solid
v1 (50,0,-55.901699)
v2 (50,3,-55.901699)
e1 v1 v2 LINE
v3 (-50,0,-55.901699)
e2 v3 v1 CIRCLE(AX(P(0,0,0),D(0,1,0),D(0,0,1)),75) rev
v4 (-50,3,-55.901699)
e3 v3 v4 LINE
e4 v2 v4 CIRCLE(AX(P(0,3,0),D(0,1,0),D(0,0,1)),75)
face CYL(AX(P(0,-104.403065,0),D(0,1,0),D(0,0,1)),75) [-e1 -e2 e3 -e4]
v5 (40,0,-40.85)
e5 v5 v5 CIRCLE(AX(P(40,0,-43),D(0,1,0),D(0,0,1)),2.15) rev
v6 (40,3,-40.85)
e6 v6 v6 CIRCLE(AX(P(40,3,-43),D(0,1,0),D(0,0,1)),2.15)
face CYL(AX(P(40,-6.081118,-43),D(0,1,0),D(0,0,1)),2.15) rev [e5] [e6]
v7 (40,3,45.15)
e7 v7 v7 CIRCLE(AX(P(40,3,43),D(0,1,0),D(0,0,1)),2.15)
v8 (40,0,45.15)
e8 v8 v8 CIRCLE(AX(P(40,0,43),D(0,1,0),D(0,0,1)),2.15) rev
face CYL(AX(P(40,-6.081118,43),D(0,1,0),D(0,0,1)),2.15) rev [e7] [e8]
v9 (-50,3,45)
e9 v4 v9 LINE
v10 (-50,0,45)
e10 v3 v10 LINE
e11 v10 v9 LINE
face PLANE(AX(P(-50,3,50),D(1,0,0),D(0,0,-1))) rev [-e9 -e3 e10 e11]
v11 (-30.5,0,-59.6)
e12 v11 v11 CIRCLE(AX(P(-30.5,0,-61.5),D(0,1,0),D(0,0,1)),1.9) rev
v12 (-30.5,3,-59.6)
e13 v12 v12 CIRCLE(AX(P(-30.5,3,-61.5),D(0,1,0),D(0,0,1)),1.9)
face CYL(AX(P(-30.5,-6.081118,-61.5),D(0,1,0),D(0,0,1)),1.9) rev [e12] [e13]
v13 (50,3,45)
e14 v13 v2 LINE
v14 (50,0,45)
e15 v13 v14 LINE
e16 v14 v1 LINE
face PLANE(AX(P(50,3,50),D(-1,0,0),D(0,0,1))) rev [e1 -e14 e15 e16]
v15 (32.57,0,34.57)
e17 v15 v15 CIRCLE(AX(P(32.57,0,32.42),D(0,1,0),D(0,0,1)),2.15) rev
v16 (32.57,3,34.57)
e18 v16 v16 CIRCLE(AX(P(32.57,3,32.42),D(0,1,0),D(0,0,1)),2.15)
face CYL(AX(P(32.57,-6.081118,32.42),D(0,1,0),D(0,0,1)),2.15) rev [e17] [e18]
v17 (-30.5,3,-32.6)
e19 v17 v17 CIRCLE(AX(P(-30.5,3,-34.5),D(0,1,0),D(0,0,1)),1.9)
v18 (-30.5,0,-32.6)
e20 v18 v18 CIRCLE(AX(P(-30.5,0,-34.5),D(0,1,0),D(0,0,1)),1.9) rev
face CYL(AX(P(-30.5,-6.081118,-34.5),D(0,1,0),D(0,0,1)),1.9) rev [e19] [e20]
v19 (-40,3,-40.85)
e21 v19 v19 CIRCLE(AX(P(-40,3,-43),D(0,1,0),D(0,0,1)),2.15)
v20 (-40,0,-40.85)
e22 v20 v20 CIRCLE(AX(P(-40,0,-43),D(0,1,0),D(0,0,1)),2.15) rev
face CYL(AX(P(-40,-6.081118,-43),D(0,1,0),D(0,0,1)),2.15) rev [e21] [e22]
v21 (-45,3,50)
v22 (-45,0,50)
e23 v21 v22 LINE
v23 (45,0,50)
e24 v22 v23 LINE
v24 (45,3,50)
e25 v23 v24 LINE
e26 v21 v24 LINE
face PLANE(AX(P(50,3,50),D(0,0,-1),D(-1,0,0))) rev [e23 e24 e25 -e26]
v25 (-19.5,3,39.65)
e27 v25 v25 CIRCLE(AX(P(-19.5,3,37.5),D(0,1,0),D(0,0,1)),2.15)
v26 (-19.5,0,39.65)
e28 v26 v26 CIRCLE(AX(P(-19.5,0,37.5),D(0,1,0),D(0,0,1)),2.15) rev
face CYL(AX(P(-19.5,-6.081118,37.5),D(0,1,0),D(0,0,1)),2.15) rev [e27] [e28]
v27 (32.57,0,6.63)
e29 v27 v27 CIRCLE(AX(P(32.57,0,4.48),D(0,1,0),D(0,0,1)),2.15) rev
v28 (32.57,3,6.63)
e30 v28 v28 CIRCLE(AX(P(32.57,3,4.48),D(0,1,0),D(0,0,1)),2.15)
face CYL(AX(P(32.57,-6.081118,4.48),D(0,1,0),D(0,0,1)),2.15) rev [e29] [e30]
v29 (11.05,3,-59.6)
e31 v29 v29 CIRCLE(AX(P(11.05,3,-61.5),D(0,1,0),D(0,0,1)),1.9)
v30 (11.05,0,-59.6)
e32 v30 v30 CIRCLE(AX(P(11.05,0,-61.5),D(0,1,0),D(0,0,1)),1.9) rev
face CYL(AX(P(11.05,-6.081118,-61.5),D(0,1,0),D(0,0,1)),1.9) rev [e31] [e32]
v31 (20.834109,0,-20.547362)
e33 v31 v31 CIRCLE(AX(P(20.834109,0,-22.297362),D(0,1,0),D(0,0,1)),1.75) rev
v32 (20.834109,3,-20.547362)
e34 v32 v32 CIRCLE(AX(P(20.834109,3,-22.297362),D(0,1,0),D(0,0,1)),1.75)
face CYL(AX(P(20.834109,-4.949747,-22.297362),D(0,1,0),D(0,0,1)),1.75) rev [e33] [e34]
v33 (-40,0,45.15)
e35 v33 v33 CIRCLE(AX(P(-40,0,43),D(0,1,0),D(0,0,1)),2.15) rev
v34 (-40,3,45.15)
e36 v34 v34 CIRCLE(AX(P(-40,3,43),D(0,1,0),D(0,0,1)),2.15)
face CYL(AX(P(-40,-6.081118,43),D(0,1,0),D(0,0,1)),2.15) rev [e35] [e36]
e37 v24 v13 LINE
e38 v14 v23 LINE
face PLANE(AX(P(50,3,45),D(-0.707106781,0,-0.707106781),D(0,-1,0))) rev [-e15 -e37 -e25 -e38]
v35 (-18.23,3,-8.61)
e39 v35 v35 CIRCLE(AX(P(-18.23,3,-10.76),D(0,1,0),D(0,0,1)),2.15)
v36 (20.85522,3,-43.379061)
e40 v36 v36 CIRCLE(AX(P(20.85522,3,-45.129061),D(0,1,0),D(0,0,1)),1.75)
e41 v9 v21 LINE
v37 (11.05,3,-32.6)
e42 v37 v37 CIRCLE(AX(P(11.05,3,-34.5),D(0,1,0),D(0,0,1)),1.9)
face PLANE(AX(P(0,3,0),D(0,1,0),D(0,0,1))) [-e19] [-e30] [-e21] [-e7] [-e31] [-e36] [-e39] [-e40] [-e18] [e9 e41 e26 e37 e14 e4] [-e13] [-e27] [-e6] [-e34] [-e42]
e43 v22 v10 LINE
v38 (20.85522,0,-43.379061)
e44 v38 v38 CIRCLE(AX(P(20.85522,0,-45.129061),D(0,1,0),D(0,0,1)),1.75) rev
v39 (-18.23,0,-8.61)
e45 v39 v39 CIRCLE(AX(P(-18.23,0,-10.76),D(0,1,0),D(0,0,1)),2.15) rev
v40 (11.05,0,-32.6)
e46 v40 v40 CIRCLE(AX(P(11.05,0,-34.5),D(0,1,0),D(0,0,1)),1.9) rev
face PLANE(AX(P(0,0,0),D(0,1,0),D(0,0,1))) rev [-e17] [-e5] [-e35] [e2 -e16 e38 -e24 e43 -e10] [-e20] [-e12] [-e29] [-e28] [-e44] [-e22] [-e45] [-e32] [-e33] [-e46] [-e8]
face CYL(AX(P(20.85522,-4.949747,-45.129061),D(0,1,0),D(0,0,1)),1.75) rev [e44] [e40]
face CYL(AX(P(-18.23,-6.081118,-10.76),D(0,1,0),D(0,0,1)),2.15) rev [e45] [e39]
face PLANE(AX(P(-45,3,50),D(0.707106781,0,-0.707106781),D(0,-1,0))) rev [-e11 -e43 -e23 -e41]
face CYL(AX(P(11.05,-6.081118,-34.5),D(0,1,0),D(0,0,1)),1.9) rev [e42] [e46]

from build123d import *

# Parameters (mm, degrees)
SKETCH1_W               = 100
SKETCH1_H               = 100
BOSS_EXTRUDE1_DEPTH     = 3
SKETCH2_R               = 1.75
CUT_EXTRUDE1_DEPTH      = 71.774289117
MIRROR2_COPY_1_SKETCH_R = 1.75
MIRROR2_COPY_1_DEPTH    = 71.774289117
CHAMFER1_SIZE           = 5
SKETCH9_R               = 1.75
BOSS_EXTRUDE2_DEPTH     = 3
CUT_EXTRUDE4_REACH      = 92.189
SKETCH6_R               = 1.75
SKETCH10_R              = 2.15
SKETCH10_R_2            = 1.75
SKETCH10_R_3            = 1.9
SKETCH10_R_4            = 1.5
CUT_EXTRUDE5_DEPTH      = 3
SKETCH13_R              = 1.75
CUT_EXTRUDE6_DEPTH      = 3


with BuildPart() as part:
    # Sketch1 → Boss-Extrude1 (new body)
    with BuildSketch(Plane(origin=(0, 0, 0), x_dir=(1, 0, 0), z_dir=(0, 1, 0))):
        Rectangle(SKETCH1_W, SKETCH1_H)
    extrude(amount=BOSS_EXTRUDE1_DEPTH)

    # Sketch2 → Cut-Extrude1 (cut, through all)
    with BuildSketch(Plane(origin=(0, 3, 0), x_dir=(1, 0, 0), z_dir=(0, 1, 0))):
        with Locations(Location((-40, 43, 0), (0, 0, 270))):
            Circle(SKETCH2_R)
    cut_extrude1 = extrude(amount=-CUT_EXTRUDE1_DEPTH, mode=Mode.SUBTRACT)

    # Mirror1: Cut-Extrude1 across plane
    add(cut_extrude1.mirror(Plane(origin=(0, 0, 0), x_dir=(0, 0, 1), z_dir=(1, 0, 0))), mode=Mode.SUBTRACT)

    # Mirror2: Cut-Extrude1 across plane
    add(cut_extrude1.mirror(Plane.XY), mode=Mode.SUBTRACT)

    # Mirror2 copy 1 sketch → Mirror2 copy 1 (cut, through all)
    with BuildSketch(Plane(origin=(0, 3, 0), x_dir=(-1, 0, 0), z_dir=(0, 1, 0))):
        with Locations(Location((-40, 43, 0), (0, 0, 270))):
            Circle(MIRROR2_COPY_1_SKETCH_R)
    extrude(amount=-MIRROR2_COPY_1_DEPTH, mode=Mode.SUBTRACT)

    # Chamfer1
    chamfer1_edges = [part.edges().sort_by_distance(p)[0] for p in [
        (-50, 1.5, -50),
        (50, 1.5, -50),
        (50, 1.5, 50),
        (-50, 1.5, 50),
    ]]
    chamfer(chamfer1_edges, length=CHAMFER1_SIZE)

    # Sketch9 → Boss-Extrude2 (add)
    with BuildSketch(Plane(origin=(0, 3, 0), x_dir=(1, 0, 0), z_dir=(0, 1, 0))):
        with BuildLine():
            Line((45, 50), (50, 45))
            Line((50, 45), (50, 55.901699437))
            ThreePointArc((50, 55.901699437), (0, 75), (-50, 55.901699437))
            Line((-50, 55.901699437), (-50, 45))
            Line((-50, 45), (-45, 50))
            Line((-45, 50), (45, 50))
        make_face()
        with Locations(Location((-30.5, 61.5, 0), (0, 0, 270))):
            Circle(SKETCH9_R, mode=Mode.SUBTRACT)
    extrude(amount=-BOSS_EXTRUDE2_DEPTH)

    # Sketch6 → Cut-Extrude4 (cut, up to next)
    with BuildSketch(Plane(origin=(0, 3, 0), x_dir=(1, 0, 0), z_dir=(0, 1, 0)), mode=Mode.PRIVATE) as cut_extrude4_sk1:
        with Locations(Location((-18.23, 10.76, 0), (0, 0, 270))):
            Circle(SKETCH6_R)
    cut_extrude4_tool1 = extrude(cut_extrude4_sk1.sketch, amount=-CUT_EXTRUDE4_REACH, mode=Mode.PRIVATE) & part.part
    # Sketch6 → Cut-Extrude4 (cut, up to next)
    with BuildSketch(Plane(origin=(0, 3, 0), x_dir=(1, 0, 0), z_dir=(0, 1, 0)), mode=Mode.PRIVATE) as cut_extrude4_sk2:
        with Locations(Location((-19.5, -37.5, 0), (0, 0, 270))):
            Circle(SKETCH6_R)
    cut_extrude4_tool2 = extrude(cut_extrude4_sk2.sketch, amount=-CUT_EXTRUDE4_REACH, mode=Mode.PRIVATE) & part.part
    # Sketch6 → Cut-Extrude4 (cut, up to next)
    with BuildSketch(Plane(origin=(0, 3, 0), x_dir=(1, 0, 0), z_dir=(0, 1, 0)), mode=Mode.PRIVATE) as cut_extrude4_sk3:
        with Locations(Location((32.57, -32.42, 0), (0, 0, 270))):
            Circle(SKETCH6_R)
    cut_extrude4_tool3 = extrude(cut_extrude4_sk3.sketch, amount=-CUT_EXTRUDE4_REACH, mode=Mode.PRIVATE) & part.part
    # Sketch6 → Cut-Extrude4 (cut, up to next)
    with BuildSketch(Plane(origin=(0, 3, 0), x_dir=(1, 0, 0), z_dir=(0, 1, 0)), mode=Mode.PRIVATE) as cut_extrude4_sk4:
        with Locations(Location((32.57, -4.48, 0), (0, 0, 270))):
            Circle(SKETCH6_R)
    cut_extrude4_tool4 = extrude(cut_extrude4_sk4.sketch, amount=-CUT_EXTRUDE4_REACH, mode=Mode.PRIVATE) & part.part
    add(cut_extrude4_tool1.solids().sort_by_distance((-18.23, 3, -10.76))[0], mode=Mode.SUBTRACT)
    add(cut_extrude4_tool2.solids().sort_by_distance((-19.5, 3, 37.5))[0], mode=Mode.SUBTRACT)
    add(cut_extrude4_tool3.solids().sort_by_distance((32.57, 3, 32.42))[0], mode=Mode.SUBTRACT)
    add(cut_extrude4_tool4.solids().sort_by_distance((32.57, 3, 4.48))[0], mode=Mode.SUBTRACT)

    # Sketch10 → Cut-Extrude5 (cut)
    # profile 1 of 26: a face of its own
    with BuildSketch(Plane(origin=(0, 3, 0), x_dir=(1, 0, 0), z_dir=(0, 1, 0))):
        with Locations(Location((-40, 43, 0), (0, 0, 270))):
            Circle(SKETCH10_R)
        with Locations((-40, 43)):
            Circle(SKETCH10_R_2, mode=Mode.SUBTRACT)
    # profile 2 of 26: a face of its own
    with BuildSketch(Plane(origin=(0, 3, 0), x_dir=(1, 0, 0), z_dir=(0, 1, 0))):
        with Locations((-40, 43)):
            Circle(SKETCH10_R_2)
    # profile 3 of 26: a face of its own
    with BuildSketch(Plane(origin=(0, 3, 0), x_dir=(1, 0, 0), z_dir=(0, 1, 0))):
        with Locations(Location((-30.5, 61.5, 0), (0, 0, 270))):
            Circle(SKETCH10_R_3)
        with Locations((-30.5, 61.5)):
            Circle(SKETCH10_R_2, mode=Mode.SUBTRACT)
    # profile 4 of 26: a face of its own
    with BuildSketch(Plane(origin=(0, 3, 0), x_dir=(1, 0, 0), z_dir=(0, 1, 0))):
        with Locations((-30.5, 61.5)):
            Circle(SKETCH10_R_2)
        with Locations((-30.5, 61.5)):
            Circle(SKETCH10_R_4, mode=Mode.SUBTRACT)
    # profile 5 of 26: a face of its own
    with BuildSketch(Plane(origin=(0, 3, 0), x_dir=(1, 0, 0), z_dir=(0, 1, 0))):
        with Locations((-30.5, 61.5)):
            Circle(SKETCH10_R_4)
    # profile 6 of 26: a face of its own
    with BuildSketch(Plane(origin=(0, 3, 0), x_dir=(1, 0, 0), z_dir=(0, 1, 0))):
        with Locations(Location((-30.5, 34.5, 0), (0, 0, 270))):
            Circle(SKETCH10_R_3)
        with Locations((-30.5, 34.5)):
            Circle(SKETCH10_R_4, mode=Mode.SUBTRACT)
    # profile 7 of 26: a face of its own
    with BuildSketch(Plane(origin=(0, 3, 0), x_dir=(1, 0, 0), z_dir=(0, 1, 0))):
        with Locations((-30.5, 34.5)):
            Circle(SKETCH10_R_4)
    # profile 8 of 26: a face of its own
    with BuildSketch(Plane(origin=(0, 3, 0), x_dir=(1, 0, 0), z_dir=(0, 1, 0))):
        with Locations(Location((-18.23, 10.76, 0), (0, 0, 270))):
            Circle(SKETCH10_R)
        with Locations((-18.23, 10.76)):
            Circle(SKETCH10_R_2, mode=Mode.SUBTRACT)
    # profile 9 of 26: a face of its own
    with BuildSketch(Plane(origin=(0, 3, 0), x_dir=(1, 0, 0), z_dir=(0, 1, 0))):
        with Locations((-18.23, 10.76)):
            Circle(SKETCH10_R_2)
    # profile 10 of 26: a face of its own
    with BuildSketch(Plane(origin=(0, 3, 0), x_dir=(1, 0, 0), z_dir=(0, 1, 0))):
        with Locations(Location((-19.5, -37.5, 0), (0, 0, 270))):
            Circle(SKETCH10_R)
        with Locations((-19.5, -37.5)):
            Circle(SKETCH10_R_2, mode=Mode.SUBTRACT)
    # profile 11 of 26: a face of its own
    with BuildSketch(Plane(origin=(0, 3, 0), x_dir=(1, 0, 0), z_dir=(0, 1, 0))):
        with Locations((-19.5, -37.5)):
            Circle(SKETCH10_R_2)
    # profile 12 of 26: a face of its own
    with BuildSketch(Plane(origin=(0, 3, 0), x_dir=(1, 0, 0), z_dir=(0, 1, 0))):
        with Locations(Location((-40, -43, 0), (0, 0, 270))):
            Circle(SKETCH10_R)
        with Locations((-40, -43)):
            Circle(SKETCH10_R_2, mode=Mode.SUBTRACT)
    # profile 13 of 26: a face of its own
    with BuildSketch(Plane(origin=(0, 3, 0), x_dir=(1, 0, 0), z_dir=(0, 1, 0))):
        with Locations((-40, -43)):
            Circle(SKETCH10_R_2)
    # profile 14 of 26: a face of its own
    with BuildSketch(Plane(origin=(0, 3, 0), x_dir=(1, 0, 0), z_dir=(0, 1, 0))):
        with Locations(Location((40, -43, 0), (0, 0, 270))):
            Circle(SKETCH10_R)
        with Locations((40, -43)):
            Circle(SKETCH10_R_2, mode=Mode.SUBTRACT)
    # profile 15 of 26: a face of its own
    with BuildSketch(Plane(origin=(0, 3, 0), x_dir=(1, 0, 0), z_dir=(0, 1, 0))):
        with Locations((40, -43)):
            Circle(SKETCH10_R_2)
    # profile 16 of 26: a face of its own
    with BuildSketch(Plane(origin=(0, 3, 0), x_dir=(1, 0, 0), z_dir=(0, 1, 0))):
        with Locations(Location((32.57, -32.42, 0), (0, 0, 270))):
            Circle(SKETCH10_R)
        with Locations((32.57, -32.42)):
            Circle(SKETCH10_R_2, mode=Mode.SUBTRACT)
    # profile 17 of 26: a face of its own
    with BuildSketch(Plane(origin=(0, 3, 0), x_dir=(1, 0, 0), z_dir=(0, 1, 0))):
        with Locations((32.57, -32.42)):
            Circle(SKETCH10_R_2)
    # profile 18 of 26: a face of its own
    with BuildSketch(Plane(origin=(0, 3, 0), x_dir=(1, 0, 0), z_dir=(0, 1, 0))):
        with Locations(Location((32.57, -4.48, 0), (0, 0, 270))):
            Circle(SKETCH10_R)
        with Locations((32.57, -4.48)):
            Circle(SKETCH10_R_2, mode=Mode.SUBTRACT)
    # profile 19 of 26: a face of its own
    with BuildSketch(Plane(origin=(0, 3, 0), x_dir=(1, 0, 0), z_dir=(0, 1, 0))):
        with Locations((32.57, -4.48)):
            Circle(SKETCH10_R_2)
    # profile 20 of 26: a face of its own
    with BuildSketch(Plane(origin=(0, 3, 0), x_dir=(1, 0, 0), z_dir=(0, 1, 0))):
        with Locations(Location((40, 43, 0), (0, 0, 270))):
            Circle(SKETCH10_R)
        with Locations((40, 43)):
            Circle(SKETCH10_R_2, mode=Mode.SUBTRACT)
    # profile 21 of 26: a face of its own
    with BuildSketch(Plane(origin=(0, 3, 0), x_dir=(1, 0, 0), z_dir=(0, 1, 0))):
        with Locations((40, 43)):
            Circle(SKETCH10_R_2)
    # profile 22 of 26: a face of its own
    with BuildSketch(Plane(origin=(0, 3, 0), x_dir=(1, 0, 0), z_dir=(0, 1, 0))):
        with Locations(Location((11.05, 34.5, 0), (0, 0, 270))):
            Circle(SKETCH10_R_3)
        with Locations((11.05, 34.5)):
            Circle(SKETCH10_R_4, mode=Mode.SUBTRACT)
    # profile 23 of 26: a face of its own
    with BuildSketch(Plane(origin=(0, 3, 0), x_dir=(1, 0, 0), z_dir=(0, 1, 0))):
        with Locations((11.05, 34.5)):
            Circle(SKETCH10_R_4)
    # profile 24 of 26: a face of its own
    with BuildSketch(Plane(origin=(0, 3, 0), x_dir=(1, 0, 0), z_dir=(0, 1, 0))):
        with Locations(Location((11.05, 61.5, 0), (0, 0, 270))):
            Circle(SKETCH10_R_3)
        with Locations((11.05, 61.5)):
            Circle(SKETCH10_R_2, mode=Mode.SUBTRACT)
    # profile 25 of 26: a face of its own
    with BuildSketch(Plane(origin=(0, 3, 0), x_dir=(1, 0, 0), z_dir=(0, 1, 0))):
        with Locations((11.05, 61.5)):
            Circle(SKETCH10_R_2)
        with Locations((11.05, 61.5)):
            Circle(SKETCH10_R_4, mode=Mode.SUBTRACT)
    # profile 26 of 26: a face of its own
    with BuildSketch(Plane(origin=(0, 3, 0), x_dir=(1, 0, 0), z_dir=(0, 1, 0))):
        with Locations((11.05, 61.5)):
            Circle(SKETCH10_R_4)
    extrude(amount=-CUT_EXTRUDE5_DEPTH, mode=Mode.SUBTRACT)

    # Sketch13 → Cut-Extrude6 (cut)
    with BuildSketch(Plane(origin=(0, 3, 0), x_dir=(1, 0, 0), z_dir=(0, 1, 0))):
        with Locations(Location((20.855220052, 45.129061124, 0), (0, 0, 270))):
            Circle(SKETCH13_R)
        with Locations(Location((20.834109359, 22.297361761, 0), (0, 0, 270))):
            Circle(SKETCH13_R)
    extrude(amount=-CUT_EXTRUDE6_DEPTH, mode=Mode.SUBTRACT)


solid = part.part
